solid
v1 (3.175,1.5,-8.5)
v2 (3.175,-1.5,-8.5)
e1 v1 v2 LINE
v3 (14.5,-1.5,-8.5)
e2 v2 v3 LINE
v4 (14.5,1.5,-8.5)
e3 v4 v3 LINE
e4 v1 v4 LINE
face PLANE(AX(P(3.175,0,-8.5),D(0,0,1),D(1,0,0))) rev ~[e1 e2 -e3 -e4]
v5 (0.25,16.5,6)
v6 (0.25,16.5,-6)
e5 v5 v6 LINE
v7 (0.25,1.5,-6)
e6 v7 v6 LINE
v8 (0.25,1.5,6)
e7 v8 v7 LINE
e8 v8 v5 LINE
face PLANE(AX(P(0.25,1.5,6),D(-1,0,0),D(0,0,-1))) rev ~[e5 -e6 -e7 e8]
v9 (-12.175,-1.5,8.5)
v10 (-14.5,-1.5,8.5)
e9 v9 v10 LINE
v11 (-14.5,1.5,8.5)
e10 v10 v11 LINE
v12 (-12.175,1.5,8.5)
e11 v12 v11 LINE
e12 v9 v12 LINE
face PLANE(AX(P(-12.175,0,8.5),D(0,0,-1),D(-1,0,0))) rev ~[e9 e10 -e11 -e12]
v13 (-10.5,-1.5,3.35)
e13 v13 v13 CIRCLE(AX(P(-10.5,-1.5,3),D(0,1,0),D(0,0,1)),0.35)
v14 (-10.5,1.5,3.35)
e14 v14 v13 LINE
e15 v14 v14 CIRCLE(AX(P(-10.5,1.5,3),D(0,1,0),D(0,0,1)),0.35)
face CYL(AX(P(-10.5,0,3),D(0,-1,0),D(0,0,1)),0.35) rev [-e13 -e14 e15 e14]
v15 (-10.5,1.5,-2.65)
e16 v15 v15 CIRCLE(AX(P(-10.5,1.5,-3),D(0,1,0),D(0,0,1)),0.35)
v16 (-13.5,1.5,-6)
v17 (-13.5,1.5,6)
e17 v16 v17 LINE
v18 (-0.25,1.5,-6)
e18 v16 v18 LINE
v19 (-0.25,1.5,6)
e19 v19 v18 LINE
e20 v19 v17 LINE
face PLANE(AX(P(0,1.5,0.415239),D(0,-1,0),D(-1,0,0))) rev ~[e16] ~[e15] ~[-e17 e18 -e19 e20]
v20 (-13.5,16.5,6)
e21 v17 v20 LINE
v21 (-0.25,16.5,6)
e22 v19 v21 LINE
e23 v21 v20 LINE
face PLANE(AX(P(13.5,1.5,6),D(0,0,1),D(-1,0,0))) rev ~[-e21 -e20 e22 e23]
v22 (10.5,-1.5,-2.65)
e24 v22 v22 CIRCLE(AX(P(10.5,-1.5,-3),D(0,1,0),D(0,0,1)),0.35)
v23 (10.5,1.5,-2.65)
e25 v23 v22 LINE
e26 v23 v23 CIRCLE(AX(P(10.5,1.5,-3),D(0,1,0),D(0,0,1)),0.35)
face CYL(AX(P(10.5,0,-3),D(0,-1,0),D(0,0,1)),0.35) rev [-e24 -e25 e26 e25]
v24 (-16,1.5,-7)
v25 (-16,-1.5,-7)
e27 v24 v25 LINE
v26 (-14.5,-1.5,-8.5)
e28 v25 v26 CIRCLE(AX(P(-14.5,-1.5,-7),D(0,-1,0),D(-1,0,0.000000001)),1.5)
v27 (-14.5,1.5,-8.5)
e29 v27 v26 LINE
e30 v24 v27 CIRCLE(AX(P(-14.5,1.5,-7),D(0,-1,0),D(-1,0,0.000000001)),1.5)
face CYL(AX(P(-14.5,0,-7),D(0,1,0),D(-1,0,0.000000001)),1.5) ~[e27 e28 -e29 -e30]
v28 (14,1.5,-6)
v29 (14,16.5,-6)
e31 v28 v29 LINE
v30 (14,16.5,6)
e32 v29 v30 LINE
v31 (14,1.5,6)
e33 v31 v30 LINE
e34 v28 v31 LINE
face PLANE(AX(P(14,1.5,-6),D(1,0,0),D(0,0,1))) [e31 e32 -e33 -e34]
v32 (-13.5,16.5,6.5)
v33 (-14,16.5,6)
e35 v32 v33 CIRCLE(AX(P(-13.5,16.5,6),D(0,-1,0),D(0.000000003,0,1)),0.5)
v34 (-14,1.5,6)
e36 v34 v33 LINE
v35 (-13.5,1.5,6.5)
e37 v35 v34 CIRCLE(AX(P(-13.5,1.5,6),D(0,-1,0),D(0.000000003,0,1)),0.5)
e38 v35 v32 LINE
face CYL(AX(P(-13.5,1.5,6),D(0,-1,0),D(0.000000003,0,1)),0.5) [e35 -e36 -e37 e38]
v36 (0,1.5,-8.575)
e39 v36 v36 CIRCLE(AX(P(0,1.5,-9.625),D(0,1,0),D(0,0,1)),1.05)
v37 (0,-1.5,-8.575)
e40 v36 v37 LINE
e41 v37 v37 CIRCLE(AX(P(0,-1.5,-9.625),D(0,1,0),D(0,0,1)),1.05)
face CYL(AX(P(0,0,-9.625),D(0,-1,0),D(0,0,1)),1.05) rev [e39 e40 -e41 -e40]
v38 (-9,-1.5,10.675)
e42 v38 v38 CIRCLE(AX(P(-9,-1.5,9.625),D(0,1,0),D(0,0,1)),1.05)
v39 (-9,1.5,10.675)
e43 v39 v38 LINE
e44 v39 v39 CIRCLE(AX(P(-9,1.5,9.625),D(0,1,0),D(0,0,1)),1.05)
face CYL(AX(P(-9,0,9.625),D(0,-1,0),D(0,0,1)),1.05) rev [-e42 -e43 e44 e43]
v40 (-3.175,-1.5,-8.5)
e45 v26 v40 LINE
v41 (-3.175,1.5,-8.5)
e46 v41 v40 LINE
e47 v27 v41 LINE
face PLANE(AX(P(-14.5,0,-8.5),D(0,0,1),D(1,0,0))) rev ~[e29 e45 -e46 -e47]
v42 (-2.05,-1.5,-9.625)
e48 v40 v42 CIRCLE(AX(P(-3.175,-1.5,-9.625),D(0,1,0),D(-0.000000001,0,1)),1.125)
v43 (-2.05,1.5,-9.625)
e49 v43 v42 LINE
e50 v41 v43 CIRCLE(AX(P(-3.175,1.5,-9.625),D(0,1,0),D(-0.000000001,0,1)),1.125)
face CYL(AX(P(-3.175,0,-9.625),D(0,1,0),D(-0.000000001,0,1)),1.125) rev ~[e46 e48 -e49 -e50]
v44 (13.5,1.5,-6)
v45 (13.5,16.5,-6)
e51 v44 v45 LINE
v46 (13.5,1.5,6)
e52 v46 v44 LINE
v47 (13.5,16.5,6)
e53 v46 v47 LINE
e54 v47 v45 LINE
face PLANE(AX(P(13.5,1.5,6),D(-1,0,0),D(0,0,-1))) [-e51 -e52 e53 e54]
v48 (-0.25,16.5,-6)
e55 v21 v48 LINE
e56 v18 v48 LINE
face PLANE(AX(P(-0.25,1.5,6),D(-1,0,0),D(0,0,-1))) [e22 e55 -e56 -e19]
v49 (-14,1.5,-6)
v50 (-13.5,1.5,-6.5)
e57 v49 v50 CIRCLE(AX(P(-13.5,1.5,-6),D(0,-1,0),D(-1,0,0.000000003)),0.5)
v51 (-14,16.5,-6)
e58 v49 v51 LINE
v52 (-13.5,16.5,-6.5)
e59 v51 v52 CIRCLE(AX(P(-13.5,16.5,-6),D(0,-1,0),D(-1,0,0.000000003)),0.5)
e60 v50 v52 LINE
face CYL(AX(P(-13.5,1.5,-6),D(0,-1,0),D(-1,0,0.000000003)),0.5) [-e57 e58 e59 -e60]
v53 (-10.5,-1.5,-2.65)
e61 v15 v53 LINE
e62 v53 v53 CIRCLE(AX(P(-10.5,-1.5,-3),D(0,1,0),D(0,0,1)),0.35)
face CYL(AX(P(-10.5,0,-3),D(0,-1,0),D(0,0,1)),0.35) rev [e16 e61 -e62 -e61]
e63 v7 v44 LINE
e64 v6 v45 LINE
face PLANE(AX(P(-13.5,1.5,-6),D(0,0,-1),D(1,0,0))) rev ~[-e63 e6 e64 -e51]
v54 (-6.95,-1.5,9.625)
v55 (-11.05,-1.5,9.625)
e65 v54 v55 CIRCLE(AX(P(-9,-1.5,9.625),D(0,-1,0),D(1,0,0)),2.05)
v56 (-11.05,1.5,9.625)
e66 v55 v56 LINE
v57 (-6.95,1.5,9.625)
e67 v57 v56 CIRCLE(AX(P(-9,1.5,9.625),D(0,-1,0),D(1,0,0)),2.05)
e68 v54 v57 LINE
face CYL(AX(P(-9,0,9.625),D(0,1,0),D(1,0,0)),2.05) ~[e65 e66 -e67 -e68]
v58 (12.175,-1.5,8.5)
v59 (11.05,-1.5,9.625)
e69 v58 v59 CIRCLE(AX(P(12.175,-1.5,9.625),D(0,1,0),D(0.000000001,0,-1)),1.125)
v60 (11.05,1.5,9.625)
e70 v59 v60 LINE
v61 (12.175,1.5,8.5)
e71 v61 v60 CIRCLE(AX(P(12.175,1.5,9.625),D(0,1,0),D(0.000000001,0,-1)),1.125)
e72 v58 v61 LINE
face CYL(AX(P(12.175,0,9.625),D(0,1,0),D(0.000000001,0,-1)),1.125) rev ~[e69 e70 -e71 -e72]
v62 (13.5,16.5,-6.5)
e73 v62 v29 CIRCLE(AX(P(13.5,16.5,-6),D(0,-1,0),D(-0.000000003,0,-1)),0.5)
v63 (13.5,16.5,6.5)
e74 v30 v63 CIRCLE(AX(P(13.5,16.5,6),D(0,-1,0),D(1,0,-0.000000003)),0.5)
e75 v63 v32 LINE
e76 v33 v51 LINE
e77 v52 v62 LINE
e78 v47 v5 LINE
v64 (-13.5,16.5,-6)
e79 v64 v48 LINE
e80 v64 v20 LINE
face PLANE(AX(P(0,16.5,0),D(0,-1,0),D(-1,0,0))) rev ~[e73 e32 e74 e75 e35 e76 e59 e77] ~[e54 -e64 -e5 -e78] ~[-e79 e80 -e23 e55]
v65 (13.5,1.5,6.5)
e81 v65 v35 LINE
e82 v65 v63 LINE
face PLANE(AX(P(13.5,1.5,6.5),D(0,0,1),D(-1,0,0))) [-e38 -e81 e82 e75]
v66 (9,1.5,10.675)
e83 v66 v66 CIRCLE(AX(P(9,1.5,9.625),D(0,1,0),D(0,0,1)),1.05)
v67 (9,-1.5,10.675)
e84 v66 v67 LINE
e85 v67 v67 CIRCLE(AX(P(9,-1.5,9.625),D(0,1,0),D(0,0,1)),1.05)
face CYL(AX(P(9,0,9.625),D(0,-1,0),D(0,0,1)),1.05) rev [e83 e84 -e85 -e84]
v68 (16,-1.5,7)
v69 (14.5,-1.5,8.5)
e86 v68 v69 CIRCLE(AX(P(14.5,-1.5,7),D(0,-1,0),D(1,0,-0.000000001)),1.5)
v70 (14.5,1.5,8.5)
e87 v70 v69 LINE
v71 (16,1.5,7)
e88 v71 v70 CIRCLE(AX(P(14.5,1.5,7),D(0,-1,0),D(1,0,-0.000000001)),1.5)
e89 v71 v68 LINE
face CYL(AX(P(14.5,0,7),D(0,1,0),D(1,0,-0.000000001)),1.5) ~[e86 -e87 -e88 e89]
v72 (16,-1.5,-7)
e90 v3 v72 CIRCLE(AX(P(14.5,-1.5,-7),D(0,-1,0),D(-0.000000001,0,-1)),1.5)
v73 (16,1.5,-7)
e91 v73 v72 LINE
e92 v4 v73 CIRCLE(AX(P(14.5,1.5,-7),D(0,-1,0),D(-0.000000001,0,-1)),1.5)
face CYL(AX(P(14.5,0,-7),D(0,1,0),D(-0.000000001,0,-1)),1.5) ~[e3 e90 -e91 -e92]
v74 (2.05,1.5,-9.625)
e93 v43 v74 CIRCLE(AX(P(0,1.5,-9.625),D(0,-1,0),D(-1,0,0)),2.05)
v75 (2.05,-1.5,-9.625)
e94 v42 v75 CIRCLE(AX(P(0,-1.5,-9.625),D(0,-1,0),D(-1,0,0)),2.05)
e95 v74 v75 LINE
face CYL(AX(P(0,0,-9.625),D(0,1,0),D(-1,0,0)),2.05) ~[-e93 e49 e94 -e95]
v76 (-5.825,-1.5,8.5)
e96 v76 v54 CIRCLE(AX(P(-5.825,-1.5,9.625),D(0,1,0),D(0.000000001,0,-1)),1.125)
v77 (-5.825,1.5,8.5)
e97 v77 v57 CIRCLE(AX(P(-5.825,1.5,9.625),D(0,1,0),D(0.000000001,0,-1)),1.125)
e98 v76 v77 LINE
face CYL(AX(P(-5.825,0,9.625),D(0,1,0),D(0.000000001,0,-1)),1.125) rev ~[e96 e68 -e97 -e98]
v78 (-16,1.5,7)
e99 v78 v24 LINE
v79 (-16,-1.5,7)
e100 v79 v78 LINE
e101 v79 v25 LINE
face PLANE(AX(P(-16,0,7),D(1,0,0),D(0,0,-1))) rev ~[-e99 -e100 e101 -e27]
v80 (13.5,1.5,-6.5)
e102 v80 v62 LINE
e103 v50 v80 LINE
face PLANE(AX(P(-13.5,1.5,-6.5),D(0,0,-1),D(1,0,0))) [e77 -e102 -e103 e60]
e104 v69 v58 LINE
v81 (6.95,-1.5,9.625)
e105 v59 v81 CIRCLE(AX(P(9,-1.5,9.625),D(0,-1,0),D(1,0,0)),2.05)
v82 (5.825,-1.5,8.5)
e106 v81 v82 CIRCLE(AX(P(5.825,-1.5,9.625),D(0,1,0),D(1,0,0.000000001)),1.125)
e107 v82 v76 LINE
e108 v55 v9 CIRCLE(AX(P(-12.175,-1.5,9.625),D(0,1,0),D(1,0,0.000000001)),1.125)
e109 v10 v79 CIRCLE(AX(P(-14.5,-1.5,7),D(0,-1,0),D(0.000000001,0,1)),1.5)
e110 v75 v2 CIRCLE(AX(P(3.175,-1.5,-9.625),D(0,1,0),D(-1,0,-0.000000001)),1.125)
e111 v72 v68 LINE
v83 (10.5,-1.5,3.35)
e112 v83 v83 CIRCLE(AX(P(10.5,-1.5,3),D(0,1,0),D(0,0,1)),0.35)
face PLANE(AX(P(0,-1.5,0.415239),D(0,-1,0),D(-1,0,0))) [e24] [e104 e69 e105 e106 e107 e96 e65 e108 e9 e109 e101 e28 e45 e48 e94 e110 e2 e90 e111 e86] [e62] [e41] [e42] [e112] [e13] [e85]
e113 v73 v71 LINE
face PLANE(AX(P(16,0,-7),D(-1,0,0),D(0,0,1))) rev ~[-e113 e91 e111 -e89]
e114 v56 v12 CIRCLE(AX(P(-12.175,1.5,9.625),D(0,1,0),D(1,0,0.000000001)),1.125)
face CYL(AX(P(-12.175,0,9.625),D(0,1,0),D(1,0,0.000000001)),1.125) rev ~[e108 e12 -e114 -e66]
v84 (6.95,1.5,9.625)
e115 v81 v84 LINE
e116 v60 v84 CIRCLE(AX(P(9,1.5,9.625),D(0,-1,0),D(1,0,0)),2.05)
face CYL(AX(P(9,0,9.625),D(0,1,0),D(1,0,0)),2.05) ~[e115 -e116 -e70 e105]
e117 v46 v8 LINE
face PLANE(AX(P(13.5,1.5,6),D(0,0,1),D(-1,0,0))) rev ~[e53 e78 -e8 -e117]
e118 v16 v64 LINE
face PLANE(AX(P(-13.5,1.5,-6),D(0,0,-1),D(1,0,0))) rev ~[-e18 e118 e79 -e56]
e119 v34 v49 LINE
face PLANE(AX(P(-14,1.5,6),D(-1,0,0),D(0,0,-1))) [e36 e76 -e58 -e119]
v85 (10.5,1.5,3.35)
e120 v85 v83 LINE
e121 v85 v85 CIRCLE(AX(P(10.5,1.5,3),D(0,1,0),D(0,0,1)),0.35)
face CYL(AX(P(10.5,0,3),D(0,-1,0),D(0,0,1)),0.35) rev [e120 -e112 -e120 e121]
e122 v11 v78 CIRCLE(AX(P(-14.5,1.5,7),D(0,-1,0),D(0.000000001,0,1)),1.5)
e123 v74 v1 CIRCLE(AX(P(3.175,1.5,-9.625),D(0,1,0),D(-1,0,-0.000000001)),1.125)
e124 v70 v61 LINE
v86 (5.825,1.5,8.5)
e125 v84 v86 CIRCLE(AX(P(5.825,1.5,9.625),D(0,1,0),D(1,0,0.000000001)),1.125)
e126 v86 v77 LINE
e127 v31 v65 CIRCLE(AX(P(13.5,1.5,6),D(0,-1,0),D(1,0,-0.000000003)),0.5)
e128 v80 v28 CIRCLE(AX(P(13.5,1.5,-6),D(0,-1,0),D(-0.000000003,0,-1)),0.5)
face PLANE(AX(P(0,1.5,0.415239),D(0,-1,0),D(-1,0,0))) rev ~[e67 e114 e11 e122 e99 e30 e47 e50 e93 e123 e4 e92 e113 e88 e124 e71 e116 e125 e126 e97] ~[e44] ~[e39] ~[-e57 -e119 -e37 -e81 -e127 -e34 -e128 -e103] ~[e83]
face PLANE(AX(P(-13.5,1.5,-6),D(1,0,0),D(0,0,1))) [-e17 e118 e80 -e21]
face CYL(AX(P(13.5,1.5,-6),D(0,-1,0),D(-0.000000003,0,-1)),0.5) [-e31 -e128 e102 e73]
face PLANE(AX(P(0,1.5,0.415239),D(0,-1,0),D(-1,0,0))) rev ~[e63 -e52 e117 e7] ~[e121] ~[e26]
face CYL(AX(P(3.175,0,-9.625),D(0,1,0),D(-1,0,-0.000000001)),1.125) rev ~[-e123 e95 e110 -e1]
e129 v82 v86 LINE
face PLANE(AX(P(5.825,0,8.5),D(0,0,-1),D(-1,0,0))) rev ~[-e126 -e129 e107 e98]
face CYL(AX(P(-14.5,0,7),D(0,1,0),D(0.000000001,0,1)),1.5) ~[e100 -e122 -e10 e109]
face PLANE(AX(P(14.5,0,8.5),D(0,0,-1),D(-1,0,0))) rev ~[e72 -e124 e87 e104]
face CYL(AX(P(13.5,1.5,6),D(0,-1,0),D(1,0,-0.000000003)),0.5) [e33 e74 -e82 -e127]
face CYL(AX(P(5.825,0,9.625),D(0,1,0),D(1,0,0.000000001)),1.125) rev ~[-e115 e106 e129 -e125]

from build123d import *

# Parameters (mm, degrees)
BASE_PLATE_AND_PORTS_2_R   = 0.35
BASE_PLATE_AND_PORTS_2_R_2 = 1.05
BASE_PLATE_AND_PORTS_DEPTH = 1.5
RESERVOIRS_W               = 0.5
RESERVOIRS_H               = 12
BOSS_EXTRUDE1_DEPTH        = 15


with BuildPart() as part:
    # Base-plate and ports 2 → Base plate and ports (new, symmetric)
    with BuildSketch(Plane(origin=(0, 0, 0), x_dir=(1, 0, 0), z_dir=(0, 1, 0))):
        with BuildLine():
            Line((-16, -7), (-16, 7))
            ThreePointArc((-16, 7), (-15.560660172, 8.060660172), (-14.5, 8.5))
            Line((-14.5, 8.5), (-3.175, 8.5))
            ThreePointArc((-3.175, 8.5), (-2.379504871, 8.829504871), (-2.05, 9.625))
            ThreePointArc((-2.05, 9.625), (0, 11.675), (2.05, 9.625))
            ThreePointArc((2.05, 9.625), (2.379504871, 8.829504871), (3.175, 8.5))
            Line((3.175, 8.5), (14.5, 8.5))
            ThreePointArc((14.5, 8.5), (15.560660172, 8.060660172), (16, 7))
            Line((16, 7), (16, -7))
            ThreePointArc((16, -7), (15.560660172, -8.060660172), (14.5, -8.5))
            Line((14.5, -8.5), (12.175, -8.5))
            ThreePointArc((12.175, -8.5), (11.379504871, -8.829504871), (11.05, -9.625))
            ThreePointArc((11.05, -9.625), (9, -11.675), (6.95, -9.625))
            ThreePointArc((6.95, -9.625), (6.620495129, -8.829504871), (5.825, -8.5))
            Line((5.825, -8.5), (-5.825, -8.5))
            ThreePointArc((-5.825, -8.5), (-6.620495129, -8.829504871), (-6.95, -9.625))
            ThreePointArc((-6.95, -9.625), (-9, -11.675), (-11.05, -9.625))
            ThreePointArc((-11.05, -9.625), (-11.379504871, -8.829504871), (-12.175, -8.5))
            Line((-12.175, -8.5), (-14.5, -8.5))
            ThreePointArc((-14.5, -8.5), (-15.560660172, -8.060660172), (-16, -7))
        make_face()
        with Locations(Location((-10.5, 3, 0), (0, 0, 270))):
            Circle(BASE_PLATE_AND_PORTS_2_R, mode=Mode.SUBTRACT)
        with Locations(Location((10.5, 3, 0), (0, 0, 270))):
            Circle(BASE_PLATE_AND_PORTS_2_R, mode=Mode.SUBTRACT)
        with Locations(Location((10.5, -3, 0), (0, 0, 270))):
            Circle(BASE_PLATE_AND_PORTS_2_R, mode=Mode.SUBTRACT)
        with Locations(Location((-10.5, -3, 0), (0, 0, 270))):
            Circle(BASE_PLATE_AND_PORTS_2_R, mode=Mode.SUBTRACT)
        with Locations(Location((0, 9.625, 0), (0, 0, 270))):
            Circle(BASE_PLATE_AND_PORTS_2_R_2, mode=Mode.SUBTRACT)
        with Locations(Location((-9, -9.625, 0), (0, 0, 270))):
            Circle(BASE_PLATE_AND_PORTS_2_R_2, mode=Mode.SUBTRACT)
        with Locations(Location((9, -9.625, 0), (0, 0, 270))):
            Circle(BASE_PLATE_AND_PORTS_2_R_2, mode=Mode.SUBTRACT)
    extrude(amount=BASE_PLATE_AND_PORTS_DEPTH, both=True)

    # Reservoirs → Boss-Extrude1 (add)
    # profile 1 of 2: a face of its own
    with BuildSketch(Plane(origin=(0, 1.5, 0), x_dir=(1, 0, 0), z_dir=(0, 1, 0))):
        with BuildLine():
            Line((-13.5, 6.5), (13.5, 6.5))
            ThreePointArc((13.5, 6.5), (13.853553391, 6.353553391), (14, 6))
            Line((14, 6), (14, -6))
            ThreePointArc((14, -6), (13.853553391, -6.353553391), (13.5, -6.5))
            Line((13.5, -6.5), (-13.5, -6.5))
            ThreePointArc((-13.5, -6.5), (-13.853553391, -6.353553391), (-14, -6))
            Line((-14, -6), (-14, 6))
            ThreePointArc((-14, 6), (-13.853553391, 6.353553391), (-13.5, 6.5))
        make_face()
        Polygon((4.333333333, -6), (4.833333333, -6), (13.5, -6), (13.5, 6), (4.833333333, 6), (4.333333333, 6), (-4.333333333, 6), (-4.833333333, 6), (-13.5, 6), (-13.5, -6), (-4.833333333, -6), (-4.333333333, -6), align=None, mode=Mode.SUBTRACT)
    # profile 2 of 2: a face of its own
    with BuildSketch(Plane(origin=(0, 1.5, 0), x_dir=(1, 0, 0), z_dir=(0, 1, 0))):
        Rectangle(RESERVOIRS_W, RESERVOIRS_H)
    extrude(amount=BOSS_EXTRUDE1_DEPTH)


solid = part.part
